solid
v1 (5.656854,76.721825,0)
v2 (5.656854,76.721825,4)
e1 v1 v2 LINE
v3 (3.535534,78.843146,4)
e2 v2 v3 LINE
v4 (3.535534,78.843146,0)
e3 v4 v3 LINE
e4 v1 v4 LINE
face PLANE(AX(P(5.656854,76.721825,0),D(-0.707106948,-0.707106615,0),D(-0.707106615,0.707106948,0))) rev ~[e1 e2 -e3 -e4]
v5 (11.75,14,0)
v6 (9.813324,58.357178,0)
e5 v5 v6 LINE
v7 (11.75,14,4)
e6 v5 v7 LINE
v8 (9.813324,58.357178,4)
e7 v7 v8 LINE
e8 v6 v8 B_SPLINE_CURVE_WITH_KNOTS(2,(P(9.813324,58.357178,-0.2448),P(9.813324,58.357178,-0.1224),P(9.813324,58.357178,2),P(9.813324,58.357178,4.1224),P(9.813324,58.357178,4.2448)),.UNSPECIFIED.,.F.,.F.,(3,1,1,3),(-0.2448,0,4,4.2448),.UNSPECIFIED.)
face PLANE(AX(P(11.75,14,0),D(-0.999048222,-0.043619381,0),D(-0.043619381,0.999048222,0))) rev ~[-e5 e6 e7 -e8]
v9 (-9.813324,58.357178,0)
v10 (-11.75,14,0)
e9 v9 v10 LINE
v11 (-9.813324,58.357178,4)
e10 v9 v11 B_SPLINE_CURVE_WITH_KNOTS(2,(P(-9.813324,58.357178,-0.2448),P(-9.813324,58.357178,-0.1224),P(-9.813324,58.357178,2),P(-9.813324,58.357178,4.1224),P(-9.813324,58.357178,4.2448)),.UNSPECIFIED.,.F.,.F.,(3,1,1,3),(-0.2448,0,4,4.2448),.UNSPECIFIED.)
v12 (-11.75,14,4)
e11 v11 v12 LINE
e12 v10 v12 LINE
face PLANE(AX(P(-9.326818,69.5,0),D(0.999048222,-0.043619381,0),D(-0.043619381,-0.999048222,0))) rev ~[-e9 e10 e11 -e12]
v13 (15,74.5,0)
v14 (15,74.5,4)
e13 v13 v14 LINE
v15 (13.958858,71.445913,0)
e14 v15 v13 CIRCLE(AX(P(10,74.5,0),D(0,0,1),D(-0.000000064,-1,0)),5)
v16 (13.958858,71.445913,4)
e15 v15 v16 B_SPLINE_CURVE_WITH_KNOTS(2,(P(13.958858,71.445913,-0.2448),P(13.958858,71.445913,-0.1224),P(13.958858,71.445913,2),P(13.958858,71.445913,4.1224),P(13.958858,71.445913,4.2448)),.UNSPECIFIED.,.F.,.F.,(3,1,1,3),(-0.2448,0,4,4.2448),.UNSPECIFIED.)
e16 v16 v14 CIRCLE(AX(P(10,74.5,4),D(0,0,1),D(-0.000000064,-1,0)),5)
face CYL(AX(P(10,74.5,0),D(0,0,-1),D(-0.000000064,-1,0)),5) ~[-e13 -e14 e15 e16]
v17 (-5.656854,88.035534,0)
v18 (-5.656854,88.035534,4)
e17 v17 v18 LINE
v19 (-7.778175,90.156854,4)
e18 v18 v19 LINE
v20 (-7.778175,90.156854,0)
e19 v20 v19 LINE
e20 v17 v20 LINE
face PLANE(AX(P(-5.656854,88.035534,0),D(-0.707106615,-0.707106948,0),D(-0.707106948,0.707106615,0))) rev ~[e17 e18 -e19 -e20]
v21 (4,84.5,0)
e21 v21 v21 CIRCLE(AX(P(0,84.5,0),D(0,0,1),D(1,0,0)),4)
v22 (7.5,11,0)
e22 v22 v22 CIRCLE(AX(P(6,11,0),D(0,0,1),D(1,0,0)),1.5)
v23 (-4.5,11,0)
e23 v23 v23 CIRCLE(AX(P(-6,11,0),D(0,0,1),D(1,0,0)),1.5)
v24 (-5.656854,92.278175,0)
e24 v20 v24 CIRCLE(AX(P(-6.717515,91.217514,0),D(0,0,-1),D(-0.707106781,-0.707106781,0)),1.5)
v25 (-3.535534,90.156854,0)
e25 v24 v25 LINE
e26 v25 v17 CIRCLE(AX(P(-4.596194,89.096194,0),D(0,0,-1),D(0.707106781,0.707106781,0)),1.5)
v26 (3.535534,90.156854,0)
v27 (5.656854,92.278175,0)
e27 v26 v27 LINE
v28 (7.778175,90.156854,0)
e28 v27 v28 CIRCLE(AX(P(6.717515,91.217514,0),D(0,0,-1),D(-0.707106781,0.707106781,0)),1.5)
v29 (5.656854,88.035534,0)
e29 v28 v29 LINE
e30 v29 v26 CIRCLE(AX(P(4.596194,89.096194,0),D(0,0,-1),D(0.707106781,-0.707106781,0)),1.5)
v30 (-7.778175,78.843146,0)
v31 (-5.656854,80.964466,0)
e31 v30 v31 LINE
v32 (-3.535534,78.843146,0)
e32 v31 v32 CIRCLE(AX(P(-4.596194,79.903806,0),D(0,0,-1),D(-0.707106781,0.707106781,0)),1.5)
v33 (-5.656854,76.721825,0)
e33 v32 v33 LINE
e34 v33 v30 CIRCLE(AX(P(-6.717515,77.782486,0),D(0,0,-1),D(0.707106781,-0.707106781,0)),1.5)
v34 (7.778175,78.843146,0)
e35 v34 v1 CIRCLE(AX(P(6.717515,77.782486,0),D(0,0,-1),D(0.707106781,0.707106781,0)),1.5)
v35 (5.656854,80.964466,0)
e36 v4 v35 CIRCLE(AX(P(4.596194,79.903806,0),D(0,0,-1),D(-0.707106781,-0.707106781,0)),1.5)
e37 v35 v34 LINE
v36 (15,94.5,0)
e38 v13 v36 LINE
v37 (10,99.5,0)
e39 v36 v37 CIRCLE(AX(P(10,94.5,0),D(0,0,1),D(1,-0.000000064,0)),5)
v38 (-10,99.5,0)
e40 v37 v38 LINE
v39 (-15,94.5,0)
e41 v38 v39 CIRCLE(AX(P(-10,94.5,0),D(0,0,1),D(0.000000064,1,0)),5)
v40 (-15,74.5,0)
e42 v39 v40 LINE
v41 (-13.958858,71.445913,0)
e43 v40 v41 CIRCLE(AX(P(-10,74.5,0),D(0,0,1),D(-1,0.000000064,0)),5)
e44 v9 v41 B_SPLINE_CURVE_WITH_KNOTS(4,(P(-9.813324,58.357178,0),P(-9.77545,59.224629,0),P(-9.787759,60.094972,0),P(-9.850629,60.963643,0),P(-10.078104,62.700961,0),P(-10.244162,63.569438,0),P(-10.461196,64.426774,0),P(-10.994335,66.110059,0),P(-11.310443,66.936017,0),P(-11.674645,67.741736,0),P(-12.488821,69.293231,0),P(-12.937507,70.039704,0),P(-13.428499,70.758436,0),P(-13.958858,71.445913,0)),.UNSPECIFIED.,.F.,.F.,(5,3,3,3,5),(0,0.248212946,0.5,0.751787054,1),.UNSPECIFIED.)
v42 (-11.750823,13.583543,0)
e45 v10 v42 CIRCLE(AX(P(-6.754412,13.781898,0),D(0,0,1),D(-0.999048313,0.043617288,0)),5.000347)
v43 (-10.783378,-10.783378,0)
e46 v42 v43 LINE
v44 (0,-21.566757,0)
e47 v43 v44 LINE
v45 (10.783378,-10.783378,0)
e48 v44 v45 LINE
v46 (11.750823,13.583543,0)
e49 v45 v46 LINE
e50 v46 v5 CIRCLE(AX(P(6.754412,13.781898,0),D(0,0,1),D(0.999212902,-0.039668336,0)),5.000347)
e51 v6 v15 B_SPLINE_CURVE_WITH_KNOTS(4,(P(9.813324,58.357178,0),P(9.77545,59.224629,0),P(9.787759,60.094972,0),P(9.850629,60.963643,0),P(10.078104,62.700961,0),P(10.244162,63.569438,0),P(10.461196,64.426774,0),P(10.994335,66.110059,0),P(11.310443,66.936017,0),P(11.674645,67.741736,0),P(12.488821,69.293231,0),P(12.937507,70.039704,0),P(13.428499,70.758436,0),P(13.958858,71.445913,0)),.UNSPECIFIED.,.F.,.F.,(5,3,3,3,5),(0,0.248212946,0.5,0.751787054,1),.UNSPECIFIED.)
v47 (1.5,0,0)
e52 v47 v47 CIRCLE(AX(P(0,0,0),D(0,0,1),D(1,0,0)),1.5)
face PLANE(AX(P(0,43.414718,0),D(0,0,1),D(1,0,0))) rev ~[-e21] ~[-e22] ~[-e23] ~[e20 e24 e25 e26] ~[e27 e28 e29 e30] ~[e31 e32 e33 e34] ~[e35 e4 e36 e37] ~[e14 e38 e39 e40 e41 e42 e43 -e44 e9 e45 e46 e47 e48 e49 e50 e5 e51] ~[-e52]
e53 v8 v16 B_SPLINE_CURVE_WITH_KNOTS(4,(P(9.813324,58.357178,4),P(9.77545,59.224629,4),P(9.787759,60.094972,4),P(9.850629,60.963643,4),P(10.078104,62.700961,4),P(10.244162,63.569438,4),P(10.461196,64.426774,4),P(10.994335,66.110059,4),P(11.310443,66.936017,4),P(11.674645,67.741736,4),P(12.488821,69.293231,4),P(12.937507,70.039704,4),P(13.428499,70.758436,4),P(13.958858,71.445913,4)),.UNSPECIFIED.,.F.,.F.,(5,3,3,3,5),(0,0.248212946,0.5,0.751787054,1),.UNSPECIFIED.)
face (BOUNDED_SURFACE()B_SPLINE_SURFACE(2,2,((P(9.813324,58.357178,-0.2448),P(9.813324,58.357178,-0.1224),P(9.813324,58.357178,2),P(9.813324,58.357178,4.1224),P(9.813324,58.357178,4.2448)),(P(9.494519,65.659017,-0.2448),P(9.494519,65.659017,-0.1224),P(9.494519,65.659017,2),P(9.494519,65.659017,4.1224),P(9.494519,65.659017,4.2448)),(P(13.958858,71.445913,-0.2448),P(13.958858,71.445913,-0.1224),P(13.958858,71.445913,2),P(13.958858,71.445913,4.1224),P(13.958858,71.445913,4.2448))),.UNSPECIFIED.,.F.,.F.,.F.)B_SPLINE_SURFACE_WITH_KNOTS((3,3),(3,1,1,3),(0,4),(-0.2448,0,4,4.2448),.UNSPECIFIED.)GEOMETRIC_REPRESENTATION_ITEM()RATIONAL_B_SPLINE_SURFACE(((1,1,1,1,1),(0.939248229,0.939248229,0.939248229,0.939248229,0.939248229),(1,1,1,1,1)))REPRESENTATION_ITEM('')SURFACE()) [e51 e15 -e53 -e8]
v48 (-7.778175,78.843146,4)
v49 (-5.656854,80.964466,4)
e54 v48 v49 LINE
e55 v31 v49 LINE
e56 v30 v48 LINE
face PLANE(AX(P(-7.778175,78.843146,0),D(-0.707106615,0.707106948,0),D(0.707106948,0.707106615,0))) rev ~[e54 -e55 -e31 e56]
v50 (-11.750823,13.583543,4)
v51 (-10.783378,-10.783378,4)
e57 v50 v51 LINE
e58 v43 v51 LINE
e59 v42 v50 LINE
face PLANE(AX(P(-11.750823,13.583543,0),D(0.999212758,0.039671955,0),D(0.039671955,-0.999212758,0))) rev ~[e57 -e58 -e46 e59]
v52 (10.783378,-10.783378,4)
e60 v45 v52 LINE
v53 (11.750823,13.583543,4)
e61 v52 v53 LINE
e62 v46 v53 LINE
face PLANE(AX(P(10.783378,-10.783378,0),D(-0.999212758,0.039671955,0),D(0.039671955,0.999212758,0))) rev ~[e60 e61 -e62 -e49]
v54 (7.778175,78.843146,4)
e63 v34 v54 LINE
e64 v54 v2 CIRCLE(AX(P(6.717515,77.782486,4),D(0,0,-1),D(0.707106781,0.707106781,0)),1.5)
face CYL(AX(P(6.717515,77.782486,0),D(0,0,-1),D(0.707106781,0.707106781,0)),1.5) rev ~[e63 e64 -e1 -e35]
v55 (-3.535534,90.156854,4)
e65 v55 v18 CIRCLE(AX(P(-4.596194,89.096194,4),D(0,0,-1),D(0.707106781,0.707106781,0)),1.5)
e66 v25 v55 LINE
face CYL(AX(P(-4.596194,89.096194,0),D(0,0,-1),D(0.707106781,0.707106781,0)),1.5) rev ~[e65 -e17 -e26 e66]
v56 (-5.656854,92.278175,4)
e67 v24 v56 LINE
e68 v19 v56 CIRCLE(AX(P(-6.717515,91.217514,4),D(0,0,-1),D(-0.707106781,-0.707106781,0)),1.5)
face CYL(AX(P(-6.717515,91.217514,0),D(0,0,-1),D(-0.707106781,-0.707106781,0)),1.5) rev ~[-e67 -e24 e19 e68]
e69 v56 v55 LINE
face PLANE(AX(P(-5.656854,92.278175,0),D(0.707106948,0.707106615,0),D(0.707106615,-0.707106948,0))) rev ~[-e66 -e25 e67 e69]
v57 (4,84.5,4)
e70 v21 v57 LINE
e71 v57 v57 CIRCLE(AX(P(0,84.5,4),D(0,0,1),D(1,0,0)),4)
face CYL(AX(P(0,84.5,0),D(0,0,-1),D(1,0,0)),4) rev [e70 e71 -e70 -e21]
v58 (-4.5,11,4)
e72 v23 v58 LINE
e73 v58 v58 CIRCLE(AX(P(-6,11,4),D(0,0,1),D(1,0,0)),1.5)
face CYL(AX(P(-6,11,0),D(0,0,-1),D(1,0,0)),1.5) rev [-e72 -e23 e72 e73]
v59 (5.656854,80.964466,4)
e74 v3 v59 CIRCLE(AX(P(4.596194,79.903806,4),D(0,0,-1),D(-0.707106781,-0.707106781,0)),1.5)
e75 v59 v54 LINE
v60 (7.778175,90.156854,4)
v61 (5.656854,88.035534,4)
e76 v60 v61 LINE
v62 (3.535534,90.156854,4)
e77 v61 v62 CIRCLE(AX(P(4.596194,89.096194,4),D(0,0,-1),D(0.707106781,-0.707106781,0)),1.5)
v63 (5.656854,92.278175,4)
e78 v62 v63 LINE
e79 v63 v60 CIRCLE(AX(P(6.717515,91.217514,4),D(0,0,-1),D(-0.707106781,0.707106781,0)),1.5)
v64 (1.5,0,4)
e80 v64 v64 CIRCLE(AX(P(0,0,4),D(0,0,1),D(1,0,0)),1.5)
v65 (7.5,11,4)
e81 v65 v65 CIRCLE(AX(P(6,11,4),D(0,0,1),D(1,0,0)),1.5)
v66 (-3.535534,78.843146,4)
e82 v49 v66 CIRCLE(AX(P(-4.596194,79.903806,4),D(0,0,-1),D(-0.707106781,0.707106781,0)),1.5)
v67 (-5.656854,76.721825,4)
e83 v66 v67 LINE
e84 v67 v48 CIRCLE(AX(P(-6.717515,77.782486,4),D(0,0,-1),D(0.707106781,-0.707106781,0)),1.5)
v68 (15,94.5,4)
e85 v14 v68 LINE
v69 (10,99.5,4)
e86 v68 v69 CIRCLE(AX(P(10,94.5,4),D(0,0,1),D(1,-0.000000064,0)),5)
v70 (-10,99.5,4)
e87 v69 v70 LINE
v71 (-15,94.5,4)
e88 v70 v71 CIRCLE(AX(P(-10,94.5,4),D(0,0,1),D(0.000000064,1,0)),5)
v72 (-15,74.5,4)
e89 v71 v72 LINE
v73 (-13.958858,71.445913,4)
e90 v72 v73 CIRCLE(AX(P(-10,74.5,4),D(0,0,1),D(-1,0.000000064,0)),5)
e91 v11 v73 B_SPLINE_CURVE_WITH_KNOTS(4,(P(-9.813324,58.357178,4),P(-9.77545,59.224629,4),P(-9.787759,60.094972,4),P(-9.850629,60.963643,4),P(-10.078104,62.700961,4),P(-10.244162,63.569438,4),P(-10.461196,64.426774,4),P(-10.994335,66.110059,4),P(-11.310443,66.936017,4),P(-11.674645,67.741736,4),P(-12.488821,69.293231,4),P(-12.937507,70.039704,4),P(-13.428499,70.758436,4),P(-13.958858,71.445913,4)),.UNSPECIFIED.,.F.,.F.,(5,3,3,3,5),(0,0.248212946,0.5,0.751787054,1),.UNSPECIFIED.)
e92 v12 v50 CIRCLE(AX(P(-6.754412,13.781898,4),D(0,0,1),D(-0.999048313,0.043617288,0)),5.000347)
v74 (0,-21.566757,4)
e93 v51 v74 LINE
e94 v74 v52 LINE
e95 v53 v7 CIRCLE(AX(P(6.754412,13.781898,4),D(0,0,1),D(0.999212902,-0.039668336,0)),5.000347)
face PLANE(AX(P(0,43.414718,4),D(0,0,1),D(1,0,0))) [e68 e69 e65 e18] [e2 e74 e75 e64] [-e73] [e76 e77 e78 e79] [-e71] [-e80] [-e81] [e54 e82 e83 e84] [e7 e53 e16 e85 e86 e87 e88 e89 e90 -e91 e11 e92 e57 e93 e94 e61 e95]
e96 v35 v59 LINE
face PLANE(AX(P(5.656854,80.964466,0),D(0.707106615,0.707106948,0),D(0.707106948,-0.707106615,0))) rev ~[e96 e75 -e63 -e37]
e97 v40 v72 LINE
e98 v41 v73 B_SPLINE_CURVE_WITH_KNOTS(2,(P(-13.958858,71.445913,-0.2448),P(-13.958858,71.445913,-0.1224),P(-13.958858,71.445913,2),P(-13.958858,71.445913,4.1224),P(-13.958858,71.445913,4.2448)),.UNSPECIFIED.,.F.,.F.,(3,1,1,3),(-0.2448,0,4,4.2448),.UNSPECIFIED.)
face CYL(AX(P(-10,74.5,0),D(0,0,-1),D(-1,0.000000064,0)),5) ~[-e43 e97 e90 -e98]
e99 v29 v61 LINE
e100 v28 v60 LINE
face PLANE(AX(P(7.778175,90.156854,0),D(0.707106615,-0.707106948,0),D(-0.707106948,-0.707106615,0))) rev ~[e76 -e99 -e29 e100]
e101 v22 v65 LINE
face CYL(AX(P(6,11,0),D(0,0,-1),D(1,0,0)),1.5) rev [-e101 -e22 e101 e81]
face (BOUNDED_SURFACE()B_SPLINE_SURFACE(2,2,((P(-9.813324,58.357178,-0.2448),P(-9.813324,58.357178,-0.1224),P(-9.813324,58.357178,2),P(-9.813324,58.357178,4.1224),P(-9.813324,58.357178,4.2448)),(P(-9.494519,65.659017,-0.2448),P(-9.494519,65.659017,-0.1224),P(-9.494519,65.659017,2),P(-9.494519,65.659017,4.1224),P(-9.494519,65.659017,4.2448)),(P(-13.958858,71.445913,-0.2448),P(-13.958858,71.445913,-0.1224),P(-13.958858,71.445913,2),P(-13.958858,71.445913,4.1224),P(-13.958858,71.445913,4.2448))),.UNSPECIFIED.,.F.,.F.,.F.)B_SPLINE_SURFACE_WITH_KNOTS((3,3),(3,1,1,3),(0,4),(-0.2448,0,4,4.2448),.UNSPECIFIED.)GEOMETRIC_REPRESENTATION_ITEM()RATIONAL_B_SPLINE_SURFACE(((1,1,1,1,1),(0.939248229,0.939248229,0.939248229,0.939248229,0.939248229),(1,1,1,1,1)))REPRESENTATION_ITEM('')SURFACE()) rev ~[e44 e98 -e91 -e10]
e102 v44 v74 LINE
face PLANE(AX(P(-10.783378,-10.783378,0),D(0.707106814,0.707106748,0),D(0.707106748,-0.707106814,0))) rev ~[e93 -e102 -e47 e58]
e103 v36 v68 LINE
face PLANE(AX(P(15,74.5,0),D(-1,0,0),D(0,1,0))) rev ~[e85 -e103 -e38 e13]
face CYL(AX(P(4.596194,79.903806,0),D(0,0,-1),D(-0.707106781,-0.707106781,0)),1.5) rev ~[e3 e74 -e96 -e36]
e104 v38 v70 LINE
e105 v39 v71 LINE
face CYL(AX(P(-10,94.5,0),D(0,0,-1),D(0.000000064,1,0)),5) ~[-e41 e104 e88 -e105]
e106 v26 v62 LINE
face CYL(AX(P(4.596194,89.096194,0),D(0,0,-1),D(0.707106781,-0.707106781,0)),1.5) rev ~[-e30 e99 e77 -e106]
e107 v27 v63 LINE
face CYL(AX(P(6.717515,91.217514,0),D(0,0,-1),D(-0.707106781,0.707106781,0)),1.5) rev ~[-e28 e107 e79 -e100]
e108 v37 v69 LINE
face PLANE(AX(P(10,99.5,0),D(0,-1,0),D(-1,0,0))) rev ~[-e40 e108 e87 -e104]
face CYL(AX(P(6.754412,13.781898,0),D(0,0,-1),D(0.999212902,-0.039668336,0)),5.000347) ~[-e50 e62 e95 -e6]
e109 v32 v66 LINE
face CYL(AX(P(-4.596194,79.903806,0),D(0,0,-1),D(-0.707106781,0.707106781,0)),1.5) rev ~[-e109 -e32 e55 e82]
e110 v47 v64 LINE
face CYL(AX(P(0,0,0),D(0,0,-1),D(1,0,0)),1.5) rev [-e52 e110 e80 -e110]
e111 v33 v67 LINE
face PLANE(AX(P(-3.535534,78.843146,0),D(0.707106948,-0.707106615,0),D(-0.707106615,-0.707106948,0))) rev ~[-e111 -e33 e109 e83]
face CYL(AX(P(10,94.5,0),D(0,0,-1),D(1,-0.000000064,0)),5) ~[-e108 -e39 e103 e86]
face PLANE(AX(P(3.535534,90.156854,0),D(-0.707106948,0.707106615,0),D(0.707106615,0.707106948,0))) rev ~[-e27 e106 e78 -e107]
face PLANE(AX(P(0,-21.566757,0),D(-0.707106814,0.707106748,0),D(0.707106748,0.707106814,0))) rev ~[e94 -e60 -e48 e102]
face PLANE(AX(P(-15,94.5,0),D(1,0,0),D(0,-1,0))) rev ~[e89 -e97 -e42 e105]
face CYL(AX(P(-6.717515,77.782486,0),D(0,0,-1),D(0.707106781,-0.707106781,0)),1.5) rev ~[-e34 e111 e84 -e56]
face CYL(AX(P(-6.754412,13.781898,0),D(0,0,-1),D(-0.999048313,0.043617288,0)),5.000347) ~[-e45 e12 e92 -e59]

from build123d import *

# Parameters (mm, degrees)
F0_R     = 1.5
F0_R_2   = 4
F1_DEPTH = 4
F2_R     = 20


with BuildPart() as f1:
    # F0 (on Top) → F1 (new body)
    with BuildSketch(Plane.XY):
        with BuildLine():
            Line((-9.326818, 69.5), (-11.75, 14))
            ThreePointArc((-11.75, 14), (-11.754749, 13.79178), (-11.750823, 13.583543))
            Line((-11.750823, 13.583543), (-10.783378, -10.783378))
            Line((-10.783378, -10.783378), (0, -21.566757))
            Line((0, -21.566757), (10.783378, -10.783378))
            Line((10.783378, -10.783378), (11.750823, 13.583543))
            ThreePointArc((11.750823, 13.583543), (11.754749, 13.79178), (11.75, 14))
            Line((11.75, 14), (9.326818, 69.5))
            Line((9.326818, 69.5), (10, 69.5))
            ThreePointArc((10, 69.5), (13.535534, 70.964466), (15, 74.5))
            Line((15, 74.5), (15, 94.5))
            ThreePointArc((15, 94.5), (13.535534, 98.035534), (10, 99.5))
            Line((10, 99.5), (-10, 99.5))
            ThreePointArc((-10, 99.5), (-13.535534, 98.035534), (-15, 94.5))
            Line((-15, 94.5), (-15, 74.5))
            ThreePointArc((-15, 74.5), (-13.535534, 70.964466), (-10, 69.5))
            Line((-10, 69.5), (-9.326818, 69.5))
        make_face()
        Circle(F0_R, mode=Mode.SUBTRACT)
        with Locations((-6, 11)):
            Circle(F0_R, mode=Mode.SUBTRACT)
        with Locations((6, 11)):
            Circle(F0_R, mode=Mode.SUBTRACT)
        with BuildLine():
            ThreePointArc((-5.656854, 76.721825), (-7.778175, 76.721825), (-7.778175, 78.843146))
            Line((-7.778175, 78.843146), (-5.656854, 80.964466))
            ThreePointArc((-5.656854, 80.964466), (-3.535534, 80.964466), (-3.535534, 78.843146))
            Line((-3.535534, 78.843146), (-5.656854, 76.721825))
        make_face(mode=Mode.SUBTRACT)
        with BuildLine():
            ThreePointArc((-7.778175, 90.156854), (-7.778175, 92.278175), (-5.656854, 92.278175))
            Line((-5.656854, 92.278175), (-3.535534, 90.156854))
            ThreePointArc((-3.535534, 90.156854), (-3.535534, 88.035534), (-5.656854, 88.035534))
            Line((-5.656854, 88.035534), (-7.778175, 90.156854))
        make_face(mode=Mode.SUBTRACT)
        with Locations((0, 84.5)):
            Circle(F0_R_2, mode=Mode.SUBTRACT)
        with BuildLine():
            ThreePointArc((7.778175, 78.843146), (7.778175, 76.721825), (5.656854, 76.721825))
            Line((5.656854, 76.721825), (3.535534, 78.843146))
            ThreePointArc((3.535534, 78.843146), (3.535534, 80.964466), (5.656854, 80.964466))
            Line((5.656854, 80.964466), (7.778175, 78.843146))
        make_face(mode=Mode.SUBTRACT)
        with BuildLine():
            ThreePointArc((5.656854, 92.278175), (7.778175, 92.278175), (7.778175, 90.156854))
            Line((7.778175, 90.156854), (5.656854, 88.035534))
            ThreePointArc((5.656854, 88.035534), (3.535534, 88.035534), (3.535534, 90.156854))
            Line((3.535534, 90.156854), (5.656854, 92.278175))
        make_face(mode=Mode.SUBTRACT)
    extrude(amount=F1_DEPTH)

    # F2
    f2_edges = [f1.edges().sort_by_distance(p)[0] for p in [
        (-9.326818, 69.5, 2),
        (9.326818, 69.5, 2),
    ]]
    fillet(f2_edges, radius=F2_R)


solid = f1.part
